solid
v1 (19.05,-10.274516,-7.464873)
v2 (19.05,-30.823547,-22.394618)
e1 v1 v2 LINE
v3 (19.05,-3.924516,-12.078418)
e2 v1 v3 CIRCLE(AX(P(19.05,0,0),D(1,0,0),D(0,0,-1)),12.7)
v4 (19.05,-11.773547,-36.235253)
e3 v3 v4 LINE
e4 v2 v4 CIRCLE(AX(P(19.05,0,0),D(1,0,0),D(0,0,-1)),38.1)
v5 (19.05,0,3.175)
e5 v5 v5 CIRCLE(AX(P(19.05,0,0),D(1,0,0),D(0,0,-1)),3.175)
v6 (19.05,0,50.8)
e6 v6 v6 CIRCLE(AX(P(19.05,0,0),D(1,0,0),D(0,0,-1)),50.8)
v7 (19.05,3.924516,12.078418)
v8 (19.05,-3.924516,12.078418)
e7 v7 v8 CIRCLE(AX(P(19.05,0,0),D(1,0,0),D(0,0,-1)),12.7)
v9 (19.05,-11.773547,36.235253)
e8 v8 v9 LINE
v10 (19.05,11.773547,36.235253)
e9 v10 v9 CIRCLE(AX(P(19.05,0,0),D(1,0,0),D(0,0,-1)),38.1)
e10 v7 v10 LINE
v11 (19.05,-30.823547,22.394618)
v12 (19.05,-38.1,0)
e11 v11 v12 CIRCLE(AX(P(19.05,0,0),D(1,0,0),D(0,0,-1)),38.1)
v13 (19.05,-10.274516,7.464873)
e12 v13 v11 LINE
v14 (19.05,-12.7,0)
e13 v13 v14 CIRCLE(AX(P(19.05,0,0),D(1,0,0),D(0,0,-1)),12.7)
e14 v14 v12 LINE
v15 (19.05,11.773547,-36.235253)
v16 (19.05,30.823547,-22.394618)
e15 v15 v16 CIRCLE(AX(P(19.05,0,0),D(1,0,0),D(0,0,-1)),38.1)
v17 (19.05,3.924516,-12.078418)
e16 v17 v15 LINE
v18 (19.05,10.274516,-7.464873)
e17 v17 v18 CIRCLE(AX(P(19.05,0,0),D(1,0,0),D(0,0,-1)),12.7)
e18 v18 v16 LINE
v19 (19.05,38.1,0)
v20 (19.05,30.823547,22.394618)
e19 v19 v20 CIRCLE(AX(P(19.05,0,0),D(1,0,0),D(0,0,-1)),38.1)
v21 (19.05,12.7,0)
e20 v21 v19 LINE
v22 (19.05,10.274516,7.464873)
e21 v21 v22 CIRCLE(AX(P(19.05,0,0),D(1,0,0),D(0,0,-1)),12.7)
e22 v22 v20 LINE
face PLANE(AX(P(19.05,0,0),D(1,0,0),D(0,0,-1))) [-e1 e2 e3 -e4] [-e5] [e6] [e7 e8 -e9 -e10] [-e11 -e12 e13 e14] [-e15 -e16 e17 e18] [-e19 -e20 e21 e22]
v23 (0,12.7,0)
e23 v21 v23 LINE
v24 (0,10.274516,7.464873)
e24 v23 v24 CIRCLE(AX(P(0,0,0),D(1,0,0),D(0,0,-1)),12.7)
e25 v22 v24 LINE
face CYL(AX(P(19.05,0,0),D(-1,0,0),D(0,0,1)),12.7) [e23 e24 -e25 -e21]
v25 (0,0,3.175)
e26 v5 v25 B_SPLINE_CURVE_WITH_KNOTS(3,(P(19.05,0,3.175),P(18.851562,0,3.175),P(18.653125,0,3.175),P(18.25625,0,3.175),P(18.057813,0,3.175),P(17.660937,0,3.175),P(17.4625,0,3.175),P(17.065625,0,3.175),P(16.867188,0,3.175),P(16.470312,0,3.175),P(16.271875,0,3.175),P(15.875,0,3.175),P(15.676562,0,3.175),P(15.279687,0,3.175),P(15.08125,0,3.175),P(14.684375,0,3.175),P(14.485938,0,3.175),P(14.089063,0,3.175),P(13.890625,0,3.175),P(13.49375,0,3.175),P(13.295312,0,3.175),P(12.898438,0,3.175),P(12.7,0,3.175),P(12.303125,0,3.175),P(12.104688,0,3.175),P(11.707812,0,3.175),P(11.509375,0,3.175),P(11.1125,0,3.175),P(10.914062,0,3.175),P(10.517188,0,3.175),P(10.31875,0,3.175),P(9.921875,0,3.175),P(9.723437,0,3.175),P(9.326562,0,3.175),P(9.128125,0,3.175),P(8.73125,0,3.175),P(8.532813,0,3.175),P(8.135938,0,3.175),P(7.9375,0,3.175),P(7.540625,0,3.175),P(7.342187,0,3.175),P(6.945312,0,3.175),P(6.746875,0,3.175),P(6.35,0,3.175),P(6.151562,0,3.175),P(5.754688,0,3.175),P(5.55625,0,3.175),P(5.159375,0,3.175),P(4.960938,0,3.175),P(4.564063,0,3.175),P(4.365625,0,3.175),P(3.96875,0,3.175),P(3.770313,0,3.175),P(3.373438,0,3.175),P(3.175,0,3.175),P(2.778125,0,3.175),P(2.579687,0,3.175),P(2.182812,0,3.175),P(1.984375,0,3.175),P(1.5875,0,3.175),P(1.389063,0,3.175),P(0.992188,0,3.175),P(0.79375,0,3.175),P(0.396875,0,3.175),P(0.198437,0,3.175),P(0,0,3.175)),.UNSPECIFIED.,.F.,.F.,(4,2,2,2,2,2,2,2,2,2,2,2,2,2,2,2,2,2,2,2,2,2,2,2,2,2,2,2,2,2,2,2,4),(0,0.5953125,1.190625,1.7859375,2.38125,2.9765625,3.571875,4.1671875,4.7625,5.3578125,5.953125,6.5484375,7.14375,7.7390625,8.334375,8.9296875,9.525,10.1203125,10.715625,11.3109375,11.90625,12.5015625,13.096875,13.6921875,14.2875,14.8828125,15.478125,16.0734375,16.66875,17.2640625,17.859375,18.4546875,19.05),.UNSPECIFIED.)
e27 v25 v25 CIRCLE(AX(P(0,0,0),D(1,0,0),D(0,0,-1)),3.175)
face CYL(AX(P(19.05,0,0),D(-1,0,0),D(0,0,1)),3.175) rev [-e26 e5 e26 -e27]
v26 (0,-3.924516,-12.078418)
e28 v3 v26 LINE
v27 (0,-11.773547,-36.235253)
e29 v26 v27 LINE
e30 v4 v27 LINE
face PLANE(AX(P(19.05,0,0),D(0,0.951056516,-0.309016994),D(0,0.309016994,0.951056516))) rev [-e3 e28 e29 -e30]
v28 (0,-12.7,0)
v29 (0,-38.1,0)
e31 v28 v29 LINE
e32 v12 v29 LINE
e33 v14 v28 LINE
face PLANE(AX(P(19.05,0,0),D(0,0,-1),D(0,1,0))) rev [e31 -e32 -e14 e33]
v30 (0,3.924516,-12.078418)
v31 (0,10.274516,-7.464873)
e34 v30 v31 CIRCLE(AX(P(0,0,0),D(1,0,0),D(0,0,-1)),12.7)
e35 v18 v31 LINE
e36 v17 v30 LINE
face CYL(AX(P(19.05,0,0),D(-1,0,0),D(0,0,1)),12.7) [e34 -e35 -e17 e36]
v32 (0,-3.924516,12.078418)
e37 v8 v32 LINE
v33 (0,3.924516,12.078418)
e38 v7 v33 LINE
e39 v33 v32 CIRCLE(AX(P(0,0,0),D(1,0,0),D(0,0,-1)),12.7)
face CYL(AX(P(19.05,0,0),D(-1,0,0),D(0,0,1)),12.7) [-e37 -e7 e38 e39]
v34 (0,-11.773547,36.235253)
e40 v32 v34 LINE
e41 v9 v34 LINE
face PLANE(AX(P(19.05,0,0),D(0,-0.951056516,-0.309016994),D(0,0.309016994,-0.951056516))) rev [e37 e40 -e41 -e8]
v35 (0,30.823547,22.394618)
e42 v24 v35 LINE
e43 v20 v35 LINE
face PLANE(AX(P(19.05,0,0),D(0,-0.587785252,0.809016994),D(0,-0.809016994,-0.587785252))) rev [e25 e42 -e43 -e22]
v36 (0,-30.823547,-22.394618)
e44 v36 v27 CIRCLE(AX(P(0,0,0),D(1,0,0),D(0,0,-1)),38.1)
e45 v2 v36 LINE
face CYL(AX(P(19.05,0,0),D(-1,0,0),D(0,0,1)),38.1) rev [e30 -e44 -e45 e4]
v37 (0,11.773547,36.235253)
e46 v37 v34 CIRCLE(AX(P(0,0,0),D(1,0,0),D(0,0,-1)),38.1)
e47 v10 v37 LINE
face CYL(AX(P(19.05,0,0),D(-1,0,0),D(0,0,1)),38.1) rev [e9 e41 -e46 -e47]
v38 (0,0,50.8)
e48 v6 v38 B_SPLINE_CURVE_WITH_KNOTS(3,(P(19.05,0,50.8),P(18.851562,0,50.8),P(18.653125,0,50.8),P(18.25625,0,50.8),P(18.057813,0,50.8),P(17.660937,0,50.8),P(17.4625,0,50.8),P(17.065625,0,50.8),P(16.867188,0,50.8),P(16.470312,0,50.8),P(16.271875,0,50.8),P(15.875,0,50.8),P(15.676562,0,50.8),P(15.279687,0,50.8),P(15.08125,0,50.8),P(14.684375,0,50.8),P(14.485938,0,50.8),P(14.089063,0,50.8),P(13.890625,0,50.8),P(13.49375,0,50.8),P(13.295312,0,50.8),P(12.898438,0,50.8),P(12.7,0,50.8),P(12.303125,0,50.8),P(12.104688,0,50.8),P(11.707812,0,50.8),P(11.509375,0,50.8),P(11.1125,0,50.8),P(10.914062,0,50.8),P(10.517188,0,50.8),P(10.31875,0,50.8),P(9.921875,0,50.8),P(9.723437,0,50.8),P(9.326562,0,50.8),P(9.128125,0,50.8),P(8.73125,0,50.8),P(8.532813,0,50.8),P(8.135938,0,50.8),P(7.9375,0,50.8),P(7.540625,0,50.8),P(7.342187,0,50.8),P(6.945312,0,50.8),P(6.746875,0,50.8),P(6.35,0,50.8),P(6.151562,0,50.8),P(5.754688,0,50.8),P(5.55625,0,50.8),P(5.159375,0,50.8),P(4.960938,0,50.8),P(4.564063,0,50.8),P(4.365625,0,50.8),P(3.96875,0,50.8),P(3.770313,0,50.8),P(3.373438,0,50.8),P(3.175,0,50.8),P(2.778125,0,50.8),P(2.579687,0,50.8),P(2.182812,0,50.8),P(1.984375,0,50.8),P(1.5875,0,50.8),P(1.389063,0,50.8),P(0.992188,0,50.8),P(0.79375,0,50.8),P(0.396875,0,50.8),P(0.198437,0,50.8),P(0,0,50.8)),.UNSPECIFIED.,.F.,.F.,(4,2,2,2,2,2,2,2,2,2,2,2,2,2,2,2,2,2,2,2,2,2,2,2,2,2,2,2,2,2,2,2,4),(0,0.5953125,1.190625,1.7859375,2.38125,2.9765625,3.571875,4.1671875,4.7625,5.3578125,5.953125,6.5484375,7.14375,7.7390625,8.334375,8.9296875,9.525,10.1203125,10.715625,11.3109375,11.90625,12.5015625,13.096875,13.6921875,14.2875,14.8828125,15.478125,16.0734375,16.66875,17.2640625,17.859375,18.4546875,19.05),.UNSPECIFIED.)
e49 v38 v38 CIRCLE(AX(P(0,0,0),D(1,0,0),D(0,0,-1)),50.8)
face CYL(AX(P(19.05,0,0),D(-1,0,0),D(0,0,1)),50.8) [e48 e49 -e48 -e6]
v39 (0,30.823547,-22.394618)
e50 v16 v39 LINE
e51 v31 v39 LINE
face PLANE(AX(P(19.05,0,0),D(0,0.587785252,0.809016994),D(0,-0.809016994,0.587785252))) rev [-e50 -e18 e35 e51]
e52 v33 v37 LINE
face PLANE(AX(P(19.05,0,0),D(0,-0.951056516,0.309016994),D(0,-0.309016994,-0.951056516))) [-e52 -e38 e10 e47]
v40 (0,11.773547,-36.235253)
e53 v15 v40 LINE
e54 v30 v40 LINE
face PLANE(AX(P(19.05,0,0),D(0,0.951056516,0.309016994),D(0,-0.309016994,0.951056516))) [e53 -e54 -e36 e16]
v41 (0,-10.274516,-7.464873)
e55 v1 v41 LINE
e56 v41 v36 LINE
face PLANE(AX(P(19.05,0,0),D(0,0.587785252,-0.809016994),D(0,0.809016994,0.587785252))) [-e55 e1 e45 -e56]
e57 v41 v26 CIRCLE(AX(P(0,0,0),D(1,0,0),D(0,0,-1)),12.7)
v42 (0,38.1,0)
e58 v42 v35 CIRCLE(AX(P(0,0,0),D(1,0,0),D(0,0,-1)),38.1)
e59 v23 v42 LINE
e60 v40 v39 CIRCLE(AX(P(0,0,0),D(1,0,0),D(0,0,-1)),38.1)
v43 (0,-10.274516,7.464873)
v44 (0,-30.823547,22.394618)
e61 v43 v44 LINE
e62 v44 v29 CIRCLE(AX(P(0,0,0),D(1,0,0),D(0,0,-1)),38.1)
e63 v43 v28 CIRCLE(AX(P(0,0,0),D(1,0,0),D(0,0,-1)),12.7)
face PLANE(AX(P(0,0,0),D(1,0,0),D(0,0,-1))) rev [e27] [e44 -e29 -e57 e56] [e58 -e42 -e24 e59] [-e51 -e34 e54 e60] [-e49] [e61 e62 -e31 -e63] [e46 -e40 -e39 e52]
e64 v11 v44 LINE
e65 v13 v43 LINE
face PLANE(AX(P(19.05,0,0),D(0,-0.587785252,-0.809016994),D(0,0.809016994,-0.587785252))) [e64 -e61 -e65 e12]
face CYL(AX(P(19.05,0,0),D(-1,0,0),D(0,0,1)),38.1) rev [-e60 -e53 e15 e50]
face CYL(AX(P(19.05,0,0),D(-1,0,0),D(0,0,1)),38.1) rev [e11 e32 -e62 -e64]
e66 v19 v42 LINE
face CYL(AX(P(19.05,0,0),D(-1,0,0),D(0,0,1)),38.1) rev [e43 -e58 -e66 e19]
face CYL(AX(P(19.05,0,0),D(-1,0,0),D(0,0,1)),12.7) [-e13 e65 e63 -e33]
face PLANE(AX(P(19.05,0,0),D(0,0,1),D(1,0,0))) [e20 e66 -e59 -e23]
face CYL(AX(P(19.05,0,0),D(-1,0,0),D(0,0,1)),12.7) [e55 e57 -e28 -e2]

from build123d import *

# Parameters (mm, degrees)
SKETCH1_R           = 50.8
SKETCH1_R_2         = 3.175
BOSS_EXTRUDE1_DEPTH = 19.05


with BuildPart() as part:
    # Sketch1 → Boss-Extrude1 (new body)
    with BuildSketch(Plane(origin=(0, 0, 0), x_dir=(0, 0, -1), z_dir=(1, 0, 0))):
        with Locations(Location((0, 0, 0), (0, 0, 180))):
            Circle(SKETCH1_R)
        with BuildLine():
            Line((0, 38.1), (0, 12.7))
            ThreePointArc((0, 12.7), (-3.924515829, 12.078417757), (-7.464872704, 10.274515829))
            Line((-7.464872704, 10.274515829), (-22.394618112, 30.823547486))
            ThreePointArc((-22.394618112, 30.823547486), (-11.773547486, 36.235253271), (0, 38.1))
        make_face(mode=Mode.SUBTRACT)
        with BuildLine():
            Line((-36.235253271, 11.773547486), (-12.078417757, 3.924515829))
            ThreePointArc((-12.078417757, 3.924515829), (-12.7, 0), (-12.078417757, -3.924515829))
            Line((-12.078417757, -3.924515829), (-36.235253271, -11.773547486))
            ThreePointArc((-36.235253271, -11.773547486), (-38.1, 0), (-36.235253271, 11.773547486))
        make_face(mode=Mode.SUBTRACT)
        with BuildLine():
            Line((-22.394618112, -30.823547486), (-7.464872704, -10.274515829))
            ThreePointArc((-7.464872704, -10.274515829), (-3.924515829, -12.078417757), (0, -12.7))
            Line((0, -12.7), (0, -38.1))
            ThreePointArc((0, -38.1), (-11.773547486, -36.235253271), (-22.394618112, -30.823547486))
        make_face(mode=Mode.SUBTRACT)
        with BuildLine():
            Line((22.394618112, -30.823547486), (7.464872704, -10.274515829))
            ThreePointArc((7.464872704, -10.274515829), (10.274515829, -7.464872704), (12.078417757, -3.924515829))
            Line((12.078417757, -3.924515829), (36.235253271, -11.773547486))
            ThreePointArc((36.235253271, -11.773547486), (30.823547486, -22.394618112), (22.394618112, -30.823547486))
        make_face(mode=Mode.SUBTRACT)
        with BuildLine():
            Line((36.235253271, 11.773547486), (12.078417757, 3.924515829))
            ThreePointArc((12.078417757, 3.924515829), (10.274515829, 7.464872704), (7.464872704, 10.274515829))
            Line((7.464872704, 10.274515829), (22.394618112, 30.823547486))
            ThreePointArc((22.394618112, 30.823547486), (30.823547486, 22.394618112), (36.235253271, 11.773547486))
        make_face(mode=Mode.SUBTRACT)
        with Locations(Location((0, 0, 0), (0, 0, 180))):
            Circle(SKETCH1_R_2, mode=Mode.SUBTRACT)
    extrude(amount=BOSS_EXTRUDE1_DEPTH)


solid = part.part
